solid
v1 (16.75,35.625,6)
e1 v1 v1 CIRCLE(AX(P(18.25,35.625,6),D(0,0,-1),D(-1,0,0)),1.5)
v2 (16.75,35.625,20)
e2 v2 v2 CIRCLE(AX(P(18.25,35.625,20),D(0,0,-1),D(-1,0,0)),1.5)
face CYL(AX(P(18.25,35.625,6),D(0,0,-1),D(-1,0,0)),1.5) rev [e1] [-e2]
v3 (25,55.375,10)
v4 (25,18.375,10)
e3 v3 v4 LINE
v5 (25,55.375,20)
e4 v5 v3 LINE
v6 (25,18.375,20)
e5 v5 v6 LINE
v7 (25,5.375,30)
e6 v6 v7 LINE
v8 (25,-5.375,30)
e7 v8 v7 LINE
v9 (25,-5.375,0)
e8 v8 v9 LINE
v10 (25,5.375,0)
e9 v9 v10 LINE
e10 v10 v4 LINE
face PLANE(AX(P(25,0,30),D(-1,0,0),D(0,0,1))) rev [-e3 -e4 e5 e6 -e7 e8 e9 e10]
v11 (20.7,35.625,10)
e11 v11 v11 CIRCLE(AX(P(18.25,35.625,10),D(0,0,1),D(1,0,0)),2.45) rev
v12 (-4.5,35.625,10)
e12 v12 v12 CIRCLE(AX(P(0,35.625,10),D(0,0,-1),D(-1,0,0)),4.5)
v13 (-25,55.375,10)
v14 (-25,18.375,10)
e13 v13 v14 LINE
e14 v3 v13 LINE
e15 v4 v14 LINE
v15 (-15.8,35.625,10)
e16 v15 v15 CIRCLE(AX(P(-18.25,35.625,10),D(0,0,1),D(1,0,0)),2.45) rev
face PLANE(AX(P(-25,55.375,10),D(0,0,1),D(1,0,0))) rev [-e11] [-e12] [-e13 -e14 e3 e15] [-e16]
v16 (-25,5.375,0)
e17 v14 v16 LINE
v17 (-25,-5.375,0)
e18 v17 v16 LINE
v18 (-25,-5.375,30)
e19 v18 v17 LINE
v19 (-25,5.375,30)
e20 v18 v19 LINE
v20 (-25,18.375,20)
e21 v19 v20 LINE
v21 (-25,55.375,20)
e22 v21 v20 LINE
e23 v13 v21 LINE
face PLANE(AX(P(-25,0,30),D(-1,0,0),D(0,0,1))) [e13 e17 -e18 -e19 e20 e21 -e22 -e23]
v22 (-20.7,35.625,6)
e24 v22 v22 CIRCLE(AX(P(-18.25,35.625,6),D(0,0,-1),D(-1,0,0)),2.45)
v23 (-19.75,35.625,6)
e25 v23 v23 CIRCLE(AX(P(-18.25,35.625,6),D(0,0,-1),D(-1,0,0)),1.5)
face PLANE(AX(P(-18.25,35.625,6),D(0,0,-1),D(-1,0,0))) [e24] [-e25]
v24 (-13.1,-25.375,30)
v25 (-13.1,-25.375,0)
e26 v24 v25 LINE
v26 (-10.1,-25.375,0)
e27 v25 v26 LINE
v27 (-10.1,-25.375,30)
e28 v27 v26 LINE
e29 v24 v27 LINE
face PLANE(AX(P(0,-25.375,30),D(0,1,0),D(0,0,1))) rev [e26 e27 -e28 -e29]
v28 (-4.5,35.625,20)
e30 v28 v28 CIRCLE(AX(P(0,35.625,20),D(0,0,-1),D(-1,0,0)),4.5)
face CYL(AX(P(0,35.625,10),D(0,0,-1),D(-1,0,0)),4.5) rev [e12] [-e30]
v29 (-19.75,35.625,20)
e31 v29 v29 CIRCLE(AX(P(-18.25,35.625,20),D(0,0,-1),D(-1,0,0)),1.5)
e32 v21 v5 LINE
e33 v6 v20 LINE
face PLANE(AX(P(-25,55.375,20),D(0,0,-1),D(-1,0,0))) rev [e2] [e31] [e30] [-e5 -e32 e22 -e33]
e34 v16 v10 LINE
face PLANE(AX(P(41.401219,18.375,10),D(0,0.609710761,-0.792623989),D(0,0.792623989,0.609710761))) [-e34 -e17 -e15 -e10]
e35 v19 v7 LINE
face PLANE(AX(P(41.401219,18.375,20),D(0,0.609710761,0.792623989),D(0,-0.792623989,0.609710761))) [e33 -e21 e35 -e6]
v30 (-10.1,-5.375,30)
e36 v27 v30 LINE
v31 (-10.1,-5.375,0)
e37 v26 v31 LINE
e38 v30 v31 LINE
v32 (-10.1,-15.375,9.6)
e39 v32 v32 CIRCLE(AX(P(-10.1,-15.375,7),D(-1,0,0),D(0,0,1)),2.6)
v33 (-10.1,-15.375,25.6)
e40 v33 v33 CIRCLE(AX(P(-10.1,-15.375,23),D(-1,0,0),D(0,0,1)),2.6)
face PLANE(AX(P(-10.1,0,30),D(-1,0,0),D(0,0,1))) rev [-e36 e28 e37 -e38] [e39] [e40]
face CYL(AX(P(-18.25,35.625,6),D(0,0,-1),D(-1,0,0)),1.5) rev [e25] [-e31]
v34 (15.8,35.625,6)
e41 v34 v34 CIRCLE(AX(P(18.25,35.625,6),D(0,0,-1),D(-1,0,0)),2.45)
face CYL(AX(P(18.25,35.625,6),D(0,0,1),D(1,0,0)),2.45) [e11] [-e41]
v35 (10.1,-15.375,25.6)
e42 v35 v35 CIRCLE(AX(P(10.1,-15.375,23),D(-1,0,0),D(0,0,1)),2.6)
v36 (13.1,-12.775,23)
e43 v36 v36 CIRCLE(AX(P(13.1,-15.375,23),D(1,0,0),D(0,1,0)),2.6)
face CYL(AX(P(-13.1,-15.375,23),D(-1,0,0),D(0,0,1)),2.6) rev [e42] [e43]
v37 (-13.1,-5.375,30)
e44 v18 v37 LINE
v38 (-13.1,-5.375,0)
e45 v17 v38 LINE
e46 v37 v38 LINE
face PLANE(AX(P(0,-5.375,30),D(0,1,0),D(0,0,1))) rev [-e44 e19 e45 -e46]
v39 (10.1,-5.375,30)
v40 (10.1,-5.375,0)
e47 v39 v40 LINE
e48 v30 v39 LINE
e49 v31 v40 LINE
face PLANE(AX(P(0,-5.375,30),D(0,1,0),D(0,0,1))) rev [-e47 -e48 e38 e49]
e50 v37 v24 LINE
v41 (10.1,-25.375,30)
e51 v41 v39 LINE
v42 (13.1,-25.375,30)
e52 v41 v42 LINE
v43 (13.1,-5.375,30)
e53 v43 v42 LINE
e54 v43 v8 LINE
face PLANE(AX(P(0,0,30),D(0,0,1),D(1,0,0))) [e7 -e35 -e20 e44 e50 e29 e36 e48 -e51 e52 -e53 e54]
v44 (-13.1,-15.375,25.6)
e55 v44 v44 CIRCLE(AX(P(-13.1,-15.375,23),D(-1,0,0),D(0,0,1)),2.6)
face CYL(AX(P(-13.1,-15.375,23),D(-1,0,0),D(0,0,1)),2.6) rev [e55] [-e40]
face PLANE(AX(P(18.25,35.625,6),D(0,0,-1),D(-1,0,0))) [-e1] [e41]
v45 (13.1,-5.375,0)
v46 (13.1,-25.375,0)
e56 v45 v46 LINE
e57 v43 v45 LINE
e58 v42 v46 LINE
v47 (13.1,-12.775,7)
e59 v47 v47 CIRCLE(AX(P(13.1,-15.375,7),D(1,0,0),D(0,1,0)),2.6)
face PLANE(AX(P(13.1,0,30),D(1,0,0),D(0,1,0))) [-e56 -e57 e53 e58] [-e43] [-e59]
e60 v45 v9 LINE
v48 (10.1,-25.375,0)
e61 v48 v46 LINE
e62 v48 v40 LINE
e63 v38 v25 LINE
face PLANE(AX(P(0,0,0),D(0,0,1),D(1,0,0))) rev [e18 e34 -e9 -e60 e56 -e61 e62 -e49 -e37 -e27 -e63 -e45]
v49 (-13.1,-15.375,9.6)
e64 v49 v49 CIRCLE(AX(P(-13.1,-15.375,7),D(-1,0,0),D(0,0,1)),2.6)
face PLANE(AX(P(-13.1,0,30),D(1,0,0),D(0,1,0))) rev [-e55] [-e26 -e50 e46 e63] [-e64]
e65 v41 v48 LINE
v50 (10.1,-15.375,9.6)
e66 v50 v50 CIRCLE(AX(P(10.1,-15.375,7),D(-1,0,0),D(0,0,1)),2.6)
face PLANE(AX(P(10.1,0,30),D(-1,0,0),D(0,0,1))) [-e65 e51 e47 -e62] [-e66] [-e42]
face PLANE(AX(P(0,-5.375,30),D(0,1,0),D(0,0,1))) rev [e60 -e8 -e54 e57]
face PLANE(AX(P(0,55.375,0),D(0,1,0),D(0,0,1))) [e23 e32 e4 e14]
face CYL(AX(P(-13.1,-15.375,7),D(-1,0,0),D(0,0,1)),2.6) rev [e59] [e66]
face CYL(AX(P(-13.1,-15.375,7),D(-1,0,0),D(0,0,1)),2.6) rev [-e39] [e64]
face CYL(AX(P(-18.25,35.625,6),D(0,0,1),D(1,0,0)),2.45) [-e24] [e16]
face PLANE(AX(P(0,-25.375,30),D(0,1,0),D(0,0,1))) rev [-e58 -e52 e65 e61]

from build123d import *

# Parameters (mm, degrees)
EXTRUDE_1_DEPTH = 30
SKETCH_2_W      = 50
SKETCH_2_H      = 10
EXTRUDE_2_DEPTH = 50
HOLE_WIZARD_2_D = 5.2
HOLE_WIZARD_3_D = 9
SKETCH_17_R     = 2.45
EXTRUDE_6_DEPTH = 4
HOLE_WIZARD_5_D = 3
EXTRUDE_7_DEPTH = 50


with BuildPart() as part:
    # 草图1 → 凸台-拉伸1 (new body)
    with BuildSketch(Plane.XY):
        Polygon((13.1, -5.375), (13.1, -25.375), (10.1, -25.375), (10.1, -5.375), (-10.1, -5.375), (-10.1, -25.375), (-13.1, -25.375), (-13.1, -5.375), (-25, -5.375), (-25, 5.375), (25, 5.375), (25, -5.375), align=None)
    extrude(amount=EXTRUDE_1_DEPTH)

    # 草图2 → 凸台-拉伸2 (add)
    with BuildSketch(Plane(origin=(0, 5.375, 0), x_dir=(1, 0, 0), z_dir=(0, 1, 0))):
        with Locations((0, -15)):
            Rectangle(SKETCH_2_W, SKETCH_2_H)
    extrude(amount=EXTRUDE_2_DEPTH)

    # 孔2 (through all)
    with Locations(Plane.ZY.offset(13.1)):
        with Locations((7, -15.375), (23, -15.375)):
            Hole(HOLE_WIZARD_2_D / 2)

    # 孔3 (through all)
    with Locations(Plane(origin=(0, 0, 10), x_dir=(-1, 0, 0), z_dir=(0, 0, -1))):
        with Locations((0, 35.625)):
            Hole(HOLE_WIZARD_3_D / 2)

    # 草图17 → 凸台-拉伸6 (add)
    with BuildSketch(Plane(origin=(0, 0, 10), x_dir=(-1, 0, 0), z_dir=(0, 0, -1))):
        with Locations(Location((18.25, 35.625, 0), (0, 0, 180))):
            Circle(SKETCH_17_R)
        with Locations(Location((-18.25, 35.625, 0), (0, 0, 180))):
            Circle(SKETCH_17_R)
    extrude(amount=EXTRUDE_6_DEPTH)

    # 孔5 (through all)
    with Locations(Plane(origin=(0, 0, 6), x_dir=(-1, 0, 0), z_dir=(0, 0, -1))):
        with Locations((18.25, 35.625), (-18.25, 35.625)):
            Hole(HOLE_WIZARD_5_D / 2)

    # 草图20 → 凸台-拉伸7 (add)
    with BuildSketch(Plane.ZY.offset(25)):
        Polygon((20, 18.375), (30, 5.375), (20, 5.375), align=None)
        Polygon((10, 18.375), (0, 5.375), (10, 5.375), align=None)
    extrude(amount=-EXTRUDE_7_DEPTH)


solid = part.part
